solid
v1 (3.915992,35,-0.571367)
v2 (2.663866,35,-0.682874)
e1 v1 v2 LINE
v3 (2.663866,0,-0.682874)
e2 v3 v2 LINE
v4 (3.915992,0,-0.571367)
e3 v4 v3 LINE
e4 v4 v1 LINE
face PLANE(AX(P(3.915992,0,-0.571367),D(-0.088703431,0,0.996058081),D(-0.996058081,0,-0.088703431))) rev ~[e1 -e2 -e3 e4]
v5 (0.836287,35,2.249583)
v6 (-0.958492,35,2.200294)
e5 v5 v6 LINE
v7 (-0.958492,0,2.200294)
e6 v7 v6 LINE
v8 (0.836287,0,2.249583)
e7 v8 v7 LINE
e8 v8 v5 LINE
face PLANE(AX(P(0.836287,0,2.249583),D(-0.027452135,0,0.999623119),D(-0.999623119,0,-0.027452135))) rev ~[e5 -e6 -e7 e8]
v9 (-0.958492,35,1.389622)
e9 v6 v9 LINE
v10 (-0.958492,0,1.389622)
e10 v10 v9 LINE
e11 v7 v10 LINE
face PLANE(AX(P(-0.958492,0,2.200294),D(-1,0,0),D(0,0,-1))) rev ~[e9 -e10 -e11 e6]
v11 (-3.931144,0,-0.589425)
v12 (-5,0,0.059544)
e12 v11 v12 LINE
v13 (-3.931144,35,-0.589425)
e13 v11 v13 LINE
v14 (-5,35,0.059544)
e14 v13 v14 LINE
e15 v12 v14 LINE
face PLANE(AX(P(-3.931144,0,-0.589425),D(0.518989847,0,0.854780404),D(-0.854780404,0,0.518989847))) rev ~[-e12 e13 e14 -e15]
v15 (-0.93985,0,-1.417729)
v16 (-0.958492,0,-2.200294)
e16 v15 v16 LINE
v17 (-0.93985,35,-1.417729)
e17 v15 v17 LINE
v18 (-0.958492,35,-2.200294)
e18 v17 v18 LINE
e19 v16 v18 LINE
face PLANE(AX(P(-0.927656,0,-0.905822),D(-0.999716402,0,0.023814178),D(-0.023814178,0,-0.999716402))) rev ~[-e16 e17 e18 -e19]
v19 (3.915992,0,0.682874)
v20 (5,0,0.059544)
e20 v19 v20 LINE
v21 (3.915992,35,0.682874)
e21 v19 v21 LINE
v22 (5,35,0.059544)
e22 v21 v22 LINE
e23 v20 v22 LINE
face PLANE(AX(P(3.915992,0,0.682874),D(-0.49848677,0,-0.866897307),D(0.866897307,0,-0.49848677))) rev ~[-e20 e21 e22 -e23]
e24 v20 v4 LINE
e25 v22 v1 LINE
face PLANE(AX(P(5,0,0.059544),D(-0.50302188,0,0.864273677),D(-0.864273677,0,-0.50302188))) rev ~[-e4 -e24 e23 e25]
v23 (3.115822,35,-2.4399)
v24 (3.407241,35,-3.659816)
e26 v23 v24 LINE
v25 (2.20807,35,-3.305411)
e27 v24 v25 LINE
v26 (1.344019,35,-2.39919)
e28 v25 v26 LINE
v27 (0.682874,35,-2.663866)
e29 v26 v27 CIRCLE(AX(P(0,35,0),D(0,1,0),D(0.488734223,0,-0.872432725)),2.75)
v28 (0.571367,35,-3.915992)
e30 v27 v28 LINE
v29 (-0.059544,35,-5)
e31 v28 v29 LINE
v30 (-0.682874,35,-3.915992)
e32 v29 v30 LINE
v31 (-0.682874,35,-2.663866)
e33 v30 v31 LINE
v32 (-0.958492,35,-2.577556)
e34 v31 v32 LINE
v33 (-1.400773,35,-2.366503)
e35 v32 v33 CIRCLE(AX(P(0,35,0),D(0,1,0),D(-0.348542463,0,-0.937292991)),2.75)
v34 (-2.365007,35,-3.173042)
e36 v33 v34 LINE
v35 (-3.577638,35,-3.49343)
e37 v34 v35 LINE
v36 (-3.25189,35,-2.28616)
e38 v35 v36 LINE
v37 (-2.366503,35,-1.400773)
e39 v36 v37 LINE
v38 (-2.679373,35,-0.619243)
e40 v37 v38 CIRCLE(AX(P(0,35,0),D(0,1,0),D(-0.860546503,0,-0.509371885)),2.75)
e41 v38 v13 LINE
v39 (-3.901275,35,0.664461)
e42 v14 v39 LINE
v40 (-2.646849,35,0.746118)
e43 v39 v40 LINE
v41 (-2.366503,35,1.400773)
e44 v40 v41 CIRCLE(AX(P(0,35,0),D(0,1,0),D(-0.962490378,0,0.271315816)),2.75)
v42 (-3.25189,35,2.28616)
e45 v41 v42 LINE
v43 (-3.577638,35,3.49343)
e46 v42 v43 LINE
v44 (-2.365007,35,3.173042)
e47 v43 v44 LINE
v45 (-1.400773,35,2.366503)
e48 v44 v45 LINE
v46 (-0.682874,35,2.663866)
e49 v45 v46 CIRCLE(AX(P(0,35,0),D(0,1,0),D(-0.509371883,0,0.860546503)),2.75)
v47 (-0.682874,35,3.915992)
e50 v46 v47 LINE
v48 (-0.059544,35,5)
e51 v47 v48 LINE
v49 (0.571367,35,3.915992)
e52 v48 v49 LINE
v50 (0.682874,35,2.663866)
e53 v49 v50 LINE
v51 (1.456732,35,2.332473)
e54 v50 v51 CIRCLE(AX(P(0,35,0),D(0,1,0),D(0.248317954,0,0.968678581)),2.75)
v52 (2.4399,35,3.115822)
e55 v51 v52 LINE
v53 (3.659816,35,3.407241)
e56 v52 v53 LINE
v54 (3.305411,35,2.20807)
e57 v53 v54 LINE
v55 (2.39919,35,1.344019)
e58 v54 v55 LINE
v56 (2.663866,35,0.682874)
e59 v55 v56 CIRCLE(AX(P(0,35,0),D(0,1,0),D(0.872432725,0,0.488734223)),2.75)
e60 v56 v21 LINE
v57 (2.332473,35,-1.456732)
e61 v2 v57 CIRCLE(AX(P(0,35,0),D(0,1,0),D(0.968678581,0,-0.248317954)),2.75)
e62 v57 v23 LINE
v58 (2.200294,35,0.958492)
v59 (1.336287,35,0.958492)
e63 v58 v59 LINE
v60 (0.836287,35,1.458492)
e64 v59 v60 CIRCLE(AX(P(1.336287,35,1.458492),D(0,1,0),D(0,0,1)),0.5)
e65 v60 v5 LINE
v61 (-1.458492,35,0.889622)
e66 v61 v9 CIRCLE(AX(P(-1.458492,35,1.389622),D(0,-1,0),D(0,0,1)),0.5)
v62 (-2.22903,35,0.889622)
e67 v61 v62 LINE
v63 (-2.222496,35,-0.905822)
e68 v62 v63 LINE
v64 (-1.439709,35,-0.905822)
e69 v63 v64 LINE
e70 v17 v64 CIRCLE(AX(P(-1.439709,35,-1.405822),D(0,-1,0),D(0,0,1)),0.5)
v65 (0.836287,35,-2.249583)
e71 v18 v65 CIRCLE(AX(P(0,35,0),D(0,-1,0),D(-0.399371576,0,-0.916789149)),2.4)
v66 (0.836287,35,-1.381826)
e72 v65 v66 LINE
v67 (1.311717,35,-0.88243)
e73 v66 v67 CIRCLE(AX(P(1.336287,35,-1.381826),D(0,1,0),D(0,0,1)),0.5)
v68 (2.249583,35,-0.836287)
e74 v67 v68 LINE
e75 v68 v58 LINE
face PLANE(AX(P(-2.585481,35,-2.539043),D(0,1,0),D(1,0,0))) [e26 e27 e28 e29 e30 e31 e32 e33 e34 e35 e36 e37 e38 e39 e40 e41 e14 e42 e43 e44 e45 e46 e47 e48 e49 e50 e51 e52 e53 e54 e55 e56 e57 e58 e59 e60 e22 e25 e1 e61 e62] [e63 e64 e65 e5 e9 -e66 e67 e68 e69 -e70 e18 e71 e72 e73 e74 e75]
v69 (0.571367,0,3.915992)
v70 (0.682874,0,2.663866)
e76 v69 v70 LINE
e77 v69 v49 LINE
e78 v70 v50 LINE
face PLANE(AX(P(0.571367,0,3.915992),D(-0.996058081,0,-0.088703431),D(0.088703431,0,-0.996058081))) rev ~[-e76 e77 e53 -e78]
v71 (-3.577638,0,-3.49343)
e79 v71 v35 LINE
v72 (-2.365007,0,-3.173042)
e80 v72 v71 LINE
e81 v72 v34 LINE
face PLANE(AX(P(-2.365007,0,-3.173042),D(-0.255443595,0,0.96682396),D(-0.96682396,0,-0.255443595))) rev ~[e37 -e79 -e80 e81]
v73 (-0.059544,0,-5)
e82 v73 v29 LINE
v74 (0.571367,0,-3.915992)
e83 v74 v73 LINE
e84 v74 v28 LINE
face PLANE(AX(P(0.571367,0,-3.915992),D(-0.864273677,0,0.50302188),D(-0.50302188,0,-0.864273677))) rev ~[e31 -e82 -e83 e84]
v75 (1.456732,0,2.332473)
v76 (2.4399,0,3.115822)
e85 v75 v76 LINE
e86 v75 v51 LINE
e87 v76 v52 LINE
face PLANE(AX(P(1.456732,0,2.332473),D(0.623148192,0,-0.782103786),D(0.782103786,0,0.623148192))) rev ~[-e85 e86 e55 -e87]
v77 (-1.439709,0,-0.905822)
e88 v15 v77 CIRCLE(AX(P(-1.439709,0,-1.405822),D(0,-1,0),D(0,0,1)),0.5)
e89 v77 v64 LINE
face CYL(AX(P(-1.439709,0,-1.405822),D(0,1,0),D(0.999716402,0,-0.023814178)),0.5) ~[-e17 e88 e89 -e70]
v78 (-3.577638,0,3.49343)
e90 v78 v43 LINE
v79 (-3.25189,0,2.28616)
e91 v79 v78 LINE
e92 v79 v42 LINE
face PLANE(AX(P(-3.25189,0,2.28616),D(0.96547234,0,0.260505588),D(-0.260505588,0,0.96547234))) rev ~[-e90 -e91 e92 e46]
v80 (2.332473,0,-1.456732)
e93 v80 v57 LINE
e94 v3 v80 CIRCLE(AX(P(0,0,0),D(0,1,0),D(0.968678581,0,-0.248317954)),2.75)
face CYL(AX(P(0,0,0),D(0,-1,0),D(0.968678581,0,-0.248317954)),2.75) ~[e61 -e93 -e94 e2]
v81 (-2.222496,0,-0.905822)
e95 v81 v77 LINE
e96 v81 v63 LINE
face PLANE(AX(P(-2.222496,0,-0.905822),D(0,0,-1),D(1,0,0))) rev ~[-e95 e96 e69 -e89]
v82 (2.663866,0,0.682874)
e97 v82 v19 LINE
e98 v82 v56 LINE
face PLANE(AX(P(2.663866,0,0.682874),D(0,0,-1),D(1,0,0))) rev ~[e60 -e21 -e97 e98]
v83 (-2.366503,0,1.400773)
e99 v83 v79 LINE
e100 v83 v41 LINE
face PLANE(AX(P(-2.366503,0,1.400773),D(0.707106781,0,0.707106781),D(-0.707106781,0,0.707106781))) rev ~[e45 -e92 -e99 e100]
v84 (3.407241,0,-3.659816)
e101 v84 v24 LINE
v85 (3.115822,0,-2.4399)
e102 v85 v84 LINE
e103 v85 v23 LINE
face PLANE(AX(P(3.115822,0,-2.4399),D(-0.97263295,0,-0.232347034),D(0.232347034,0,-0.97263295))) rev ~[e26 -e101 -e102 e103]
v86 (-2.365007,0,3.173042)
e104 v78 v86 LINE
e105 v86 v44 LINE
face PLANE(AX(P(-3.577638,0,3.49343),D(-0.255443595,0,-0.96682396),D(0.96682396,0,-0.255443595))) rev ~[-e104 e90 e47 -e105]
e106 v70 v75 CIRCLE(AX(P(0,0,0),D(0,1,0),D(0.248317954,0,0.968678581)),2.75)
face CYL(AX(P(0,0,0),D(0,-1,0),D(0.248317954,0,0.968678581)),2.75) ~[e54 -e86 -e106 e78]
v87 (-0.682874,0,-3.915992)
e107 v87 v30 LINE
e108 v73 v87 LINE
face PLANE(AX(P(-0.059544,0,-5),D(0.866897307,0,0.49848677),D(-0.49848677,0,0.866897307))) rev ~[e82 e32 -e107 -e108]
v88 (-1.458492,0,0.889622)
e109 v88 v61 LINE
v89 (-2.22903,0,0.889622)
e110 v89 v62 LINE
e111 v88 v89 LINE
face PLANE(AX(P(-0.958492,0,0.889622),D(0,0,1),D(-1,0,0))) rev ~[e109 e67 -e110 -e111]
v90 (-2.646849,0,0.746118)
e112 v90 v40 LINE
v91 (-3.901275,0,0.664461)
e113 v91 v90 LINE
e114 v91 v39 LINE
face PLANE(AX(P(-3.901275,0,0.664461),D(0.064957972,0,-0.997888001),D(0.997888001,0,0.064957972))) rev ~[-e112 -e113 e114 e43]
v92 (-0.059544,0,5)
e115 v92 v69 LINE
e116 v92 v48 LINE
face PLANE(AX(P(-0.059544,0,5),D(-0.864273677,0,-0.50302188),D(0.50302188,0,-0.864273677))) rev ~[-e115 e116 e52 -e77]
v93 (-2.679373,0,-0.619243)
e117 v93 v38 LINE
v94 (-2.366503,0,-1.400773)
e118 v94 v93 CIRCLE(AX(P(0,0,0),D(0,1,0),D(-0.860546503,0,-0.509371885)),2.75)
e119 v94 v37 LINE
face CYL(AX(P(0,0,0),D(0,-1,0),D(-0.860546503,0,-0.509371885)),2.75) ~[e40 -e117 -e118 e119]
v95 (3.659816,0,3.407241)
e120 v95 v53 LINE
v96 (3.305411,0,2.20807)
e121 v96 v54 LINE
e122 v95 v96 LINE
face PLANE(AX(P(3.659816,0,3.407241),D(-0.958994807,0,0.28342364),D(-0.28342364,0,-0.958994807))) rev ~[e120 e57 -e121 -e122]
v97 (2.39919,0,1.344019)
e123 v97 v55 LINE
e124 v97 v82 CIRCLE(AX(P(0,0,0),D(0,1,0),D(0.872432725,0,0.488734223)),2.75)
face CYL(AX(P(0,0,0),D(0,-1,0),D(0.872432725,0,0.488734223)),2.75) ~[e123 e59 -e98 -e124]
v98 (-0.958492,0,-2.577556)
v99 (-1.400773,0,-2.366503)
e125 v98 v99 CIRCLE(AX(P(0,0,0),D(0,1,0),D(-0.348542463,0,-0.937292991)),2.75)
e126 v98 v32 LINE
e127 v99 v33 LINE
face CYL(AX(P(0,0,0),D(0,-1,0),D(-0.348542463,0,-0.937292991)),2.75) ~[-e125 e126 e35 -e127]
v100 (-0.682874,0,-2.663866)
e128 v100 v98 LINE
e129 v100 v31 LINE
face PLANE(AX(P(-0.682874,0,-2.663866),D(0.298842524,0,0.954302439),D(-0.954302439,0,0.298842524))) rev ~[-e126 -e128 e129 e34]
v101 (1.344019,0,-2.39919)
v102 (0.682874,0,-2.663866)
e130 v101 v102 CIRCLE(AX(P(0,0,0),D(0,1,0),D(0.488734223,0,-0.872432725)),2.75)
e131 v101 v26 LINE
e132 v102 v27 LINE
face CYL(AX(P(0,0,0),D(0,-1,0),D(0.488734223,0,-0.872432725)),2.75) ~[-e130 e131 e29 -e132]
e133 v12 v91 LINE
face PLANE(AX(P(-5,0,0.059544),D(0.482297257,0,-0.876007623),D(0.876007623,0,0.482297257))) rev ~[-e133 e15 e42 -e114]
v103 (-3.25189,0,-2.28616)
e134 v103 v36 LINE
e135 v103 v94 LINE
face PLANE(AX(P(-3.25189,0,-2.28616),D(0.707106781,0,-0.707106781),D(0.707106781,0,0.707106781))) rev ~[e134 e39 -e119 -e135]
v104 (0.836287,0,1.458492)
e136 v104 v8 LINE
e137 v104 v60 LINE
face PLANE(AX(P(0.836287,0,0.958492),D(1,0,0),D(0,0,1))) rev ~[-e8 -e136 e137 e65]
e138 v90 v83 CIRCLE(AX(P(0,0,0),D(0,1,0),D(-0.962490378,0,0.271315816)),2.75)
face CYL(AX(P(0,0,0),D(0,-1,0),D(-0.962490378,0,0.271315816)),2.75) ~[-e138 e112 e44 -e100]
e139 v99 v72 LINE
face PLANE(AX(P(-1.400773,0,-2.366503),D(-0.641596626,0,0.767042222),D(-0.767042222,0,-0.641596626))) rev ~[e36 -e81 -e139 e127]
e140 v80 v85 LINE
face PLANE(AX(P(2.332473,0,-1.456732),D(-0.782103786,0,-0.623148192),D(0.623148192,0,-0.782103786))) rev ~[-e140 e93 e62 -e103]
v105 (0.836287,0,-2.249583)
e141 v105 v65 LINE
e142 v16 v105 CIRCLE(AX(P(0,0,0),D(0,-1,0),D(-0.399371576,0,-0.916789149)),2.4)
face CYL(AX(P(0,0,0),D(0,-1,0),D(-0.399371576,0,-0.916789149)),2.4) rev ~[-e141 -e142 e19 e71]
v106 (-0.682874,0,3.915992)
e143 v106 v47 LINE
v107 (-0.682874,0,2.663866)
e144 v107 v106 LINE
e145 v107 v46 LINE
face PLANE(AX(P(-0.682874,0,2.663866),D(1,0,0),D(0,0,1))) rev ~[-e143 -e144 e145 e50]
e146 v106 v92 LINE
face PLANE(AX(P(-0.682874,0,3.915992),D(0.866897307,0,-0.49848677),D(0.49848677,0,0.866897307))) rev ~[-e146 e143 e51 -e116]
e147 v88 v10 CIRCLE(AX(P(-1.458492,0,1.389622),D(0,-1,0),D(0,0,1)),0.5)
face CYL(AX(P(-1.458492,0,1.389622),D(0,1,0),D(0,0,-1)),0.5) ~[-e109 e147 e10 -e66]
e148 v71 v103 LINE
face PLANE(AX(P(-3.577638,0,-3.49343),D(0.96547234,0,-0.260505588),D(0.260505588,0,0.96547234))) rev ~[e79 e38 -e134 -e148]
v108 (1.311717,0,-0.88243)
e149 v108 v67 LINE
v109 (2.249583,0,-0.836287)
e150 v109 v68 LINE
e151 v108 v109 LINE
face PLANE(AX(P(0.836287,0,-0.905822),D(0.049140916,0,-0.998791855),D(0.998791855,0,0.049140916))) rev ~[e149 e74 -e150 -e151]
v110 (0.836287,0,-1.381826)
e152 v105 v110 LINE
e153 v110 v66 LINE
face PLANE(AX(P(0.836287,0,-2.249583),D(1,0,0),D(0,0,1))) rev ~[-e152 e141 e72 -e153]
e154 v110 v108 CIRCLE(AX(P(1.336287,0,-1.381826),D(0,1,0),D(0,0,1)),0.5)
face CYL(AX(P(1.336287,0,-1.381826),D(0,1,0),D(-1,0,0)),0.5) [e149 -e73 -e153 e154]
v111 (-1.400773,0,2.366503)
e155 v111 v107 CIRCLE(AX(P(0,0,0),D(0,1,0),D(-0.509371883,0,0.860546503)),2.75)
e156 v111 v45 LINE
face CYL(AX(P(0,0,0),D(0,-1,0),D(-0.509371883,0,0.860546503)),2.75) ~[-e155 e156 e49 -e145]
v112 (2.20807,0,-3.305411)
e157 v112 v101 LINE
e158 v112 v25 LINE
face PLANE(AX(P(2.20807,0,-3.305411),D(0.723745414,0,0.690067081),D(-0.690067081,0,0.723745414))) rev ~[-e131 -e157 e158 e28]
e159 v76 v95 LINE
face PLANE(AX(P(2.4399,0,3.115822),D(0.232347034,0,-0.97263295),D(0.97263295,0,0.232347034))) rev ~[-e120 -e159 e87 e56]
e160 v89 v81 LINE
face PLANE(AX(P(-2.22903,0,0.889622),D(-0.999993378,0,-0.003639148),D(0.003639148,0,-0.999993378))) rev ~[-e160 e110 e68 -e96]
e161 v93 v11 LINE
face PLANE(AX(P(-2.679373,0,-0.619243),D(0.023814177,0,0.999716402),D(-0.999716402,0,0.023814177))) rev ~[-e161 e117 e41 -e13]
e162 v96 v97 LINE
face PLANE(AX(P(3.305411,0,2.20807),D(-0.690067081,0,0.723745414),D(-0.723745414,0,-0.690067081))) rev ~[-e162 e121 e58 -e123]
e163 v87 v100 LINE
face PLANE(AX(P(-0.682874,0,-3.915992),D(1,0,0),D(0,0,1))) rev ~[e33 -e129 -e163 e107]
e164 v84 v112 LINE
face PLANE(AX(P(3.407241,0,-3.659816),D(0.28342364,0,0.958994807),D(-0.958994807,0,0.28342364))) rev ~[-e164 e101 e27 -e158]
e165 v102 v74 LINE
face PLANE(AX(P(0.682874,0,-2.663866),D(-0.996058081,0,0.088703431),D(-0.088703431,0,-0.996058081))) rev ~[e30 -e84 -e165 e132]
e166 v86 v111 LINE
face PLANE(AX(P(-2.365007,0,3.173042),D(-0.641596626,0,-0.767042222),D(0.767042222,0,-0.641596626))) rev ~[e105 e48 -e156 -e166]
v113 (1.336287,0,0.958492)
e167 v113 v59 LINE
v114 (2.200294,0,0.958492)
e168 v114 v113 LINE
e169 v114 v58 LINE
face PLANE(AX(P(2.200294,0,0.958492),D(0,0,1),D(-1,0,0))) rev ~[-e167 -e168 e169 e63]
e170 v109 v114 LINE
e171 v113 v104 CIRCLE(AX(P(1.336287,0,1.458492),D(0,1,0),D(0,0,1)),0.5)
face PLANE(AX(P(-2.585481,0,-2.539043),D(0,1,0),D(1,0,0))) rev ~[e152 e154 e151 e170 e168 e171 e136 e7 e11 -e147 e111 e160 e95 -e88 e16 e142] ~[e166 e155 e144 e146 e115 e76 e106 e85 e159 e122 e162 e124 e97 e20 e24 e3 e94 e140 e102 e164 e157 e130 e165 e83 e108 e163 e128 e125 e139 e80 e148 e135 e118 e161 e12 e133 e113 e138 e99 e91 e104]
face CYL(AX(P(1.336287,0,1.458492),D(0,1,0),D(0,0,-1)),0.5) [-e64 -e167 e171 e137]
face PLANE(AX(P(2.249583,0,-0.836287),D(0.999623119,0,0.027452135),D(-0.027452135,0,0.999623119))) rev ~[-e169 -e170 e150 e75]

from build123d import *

# Parameters (mm, degrees)
BOSS_EXTRUDE2_DEPTH = 35
FILLET1_R           = 0.5


with BuildPart() as part:
    # Sketch1 → Boss-Extrude2 (new body)
    # profile 1 of 16: a face of its own
    with BuildSketch(Plane(origin=(0, 0, 0), x_dir=(1, 0, 0), z_dir=(0, 1, 0))):
        with BuildLine():
            Line((-0.682874368, 2.6638661), (-0.958491781, 2.577555723))
            ThreePointArc((-0.958491781, 2.577555723), (-1.18434287, 2.481900878), (-1.400772687, 2.36650288))
            ThreePointArc((-1.400772687, 2.36650288), (-1.944543648, 1.944543648), (-2.36650288, 1.400772687))
            ThreePointArc((-2.36650288, 1.400772687), (-2.55302024, 1.02205071), (-2.679372725, 0.619242926))
            ThreePointArc((-2.679372725, 0.619242926), (-2.749220106, -0.065488988), (-2.646848542, -0.746118487))
            ThreePointArc((-2.646848542, -0.746118487), (-2.527956912, -1.082558936), (-2.36650288, -1.400772687))
            ThreePointArc((-2.36650288, -1.400772687), (-1.944543648, -1.944543648), (-1.400772687, -2.36650288))
            ThreePointArc((-1.400772687, -2.36650288), (-1.052379439, -2.540668714), (-0.682874368, -2.6638661))
            ThreePointArc((-0.682874368, -2.6638661), (0, -2.75), (0.682874368, -2.6638661))
            ThreePointArc((0.682874368, -2.6638661), (1.082558936, -2.527956912), (1.456731751, -2.332473495))
            ThreePointArc((1.456731751, -2.332473495), (1.990299888, -1.897684472), (2.399189994, -1.344019111))
            ThreePointArc((2.399189994, -1.344019111), (2.55302024, -1.02205071), (2.6638661, -0.682874368))
            ThreePointArc((2.6638661, -0.682874368), (2.728381551, -0.344142576), (2.75, 0))
            ThreePointArc((2.75, 0), (2.728381551, 0.344142576), (2.6638661, 0.682874368))
            ThreePointArc((2.6638661, 0.682874368), (2.527956912, 1.082558936), (2.332473495, 1.456731751))
            ThreePointArc((2.332473495, 1.456731751), (1.897684472, 1.990299888), (1.344019111, 2.399189994))
            ThreePointArc((1.344019111, 2.399189994), (1.02205071, 2.55302024), (0.682874368, 2.6638661))
            ThreePointArc((0.682874368, 2.6638661), (0, 2.75), (-0.682874368, 2.6638661))
        make_face()
        with BuildLine():
            ThreePointArc((-0.958491781, 2.200293959), (-0.065885125, 2.399095486), (0.836287098, 2.249583048))
            ThreePointArc((0.836287098, 2.249583048), (1.697056275, 1.697056275), (2.249583048, 0.836287098))
            ThreePointArc((2.249583048, 0.836287098), (2.362096454, 0.424853319), (2.4, 0))
            ThreePointArc((2.4, 0), (2.349543094, -0.489537791), (2.200293959, -0.958491781))
            ThreePointArc((2.200293959, -0.958491781), (1.649828868, -1.743004505), (0.836287098, -2.249583048))
            ThreePointArc((0.836287098, -2.249583048), (-0.065885125, -2.399095486), (-0.958491781, -2.200293959))
            ThreePointArc((-0.958491781, -2.200293959), (-1.723234871, -1.670467473), (-2.229029582, -0.889621899))
            ThreePointArc((-2.229029582, -0.889621899), (-2.399984108, 0.008733954), (-2.222495654, 0.905821764))
            ThreePointArc((-2.222495654, 0.905821764), (-1.717144383, 1.676727518), (-0.958491781, 2.200293959))
        make_face(mode=Mode.SUBTRACT)
    # profile 2 of 16: a face of its own
    with BuildSketch(Plane(origin=(0, 0, 0), x_dir=(1, 0, 0), z_dir=(0, 1, 0))):
        with BuildLine():
            Line((-0.927656245, 0.905821764), (-0.958491781, 2.200293959))
            ThreePointArc((-0.958491781, 2.200293959), (-1.717144383, 1.676727518), (-2.222495654, 0.905821764))
            Line((-2.222495654, 0.905821764), (-0.927656245, 0.905821764))
        make_face()
    # profile 3 of 16: a face of its own
    with BuildSketch(Plane(origin=(0, 0, 0), x_dir=(1, 0, 0), z_dir=(0, 1, 0))):
        with BuildLine():
            Line((-2.229029582, -0.889621899), (-2.222495654, 0.905821764))
            ThreePointArc((-2.222495654, 0.905821764), (-2.399984108, 0.008733954), (-2.229029582, -0.889621899))
        make_face()
    # profile 4 of 16: a face of its own
    with BuildSketch(Plane(origin=(0, 0, 0), x_dir=(1, 0, 0), z_dir=(0, 1, 0))):
        with BuildLine():
            Line((-0.958491781, -0.889621899), (-2.229029582, -0.889621899))
            ThreePointArc((-2.229029582, -0.889621899), (-1.723234871, -1.670467473), (-0.958491781, -2.200293959))
            Line((-0.958491781, -2.200293959), (-0.958491781, -0.889621899))
        make_face()
    # profile 5 of 16: a face of its own
    with BuildSketch(Plane(origin=(0, 0, 0), x_dir=(1, 0, 0), z_dir=(0, 1, 0))):
        with BuildLine():
            ThreePointArc((-0.958491781, -2.200293959), (-0.065885125, -2.399095486), (0.836287098, -2.249583048))
            Line((0.836287098, -2.249583048), (-0.958491781, -2.200293959))
        make_face()
    # profile 6 of 16: a face of its own
    with BuildSketch(Plane(origin=(0, 0, 0), x_dir=(1, 0, 0), z_dir=(0, 1, 0))):
        with BuildLine():
            ThreePointArc((0.836287098, -2.249583048), (1.649828868, -1.743004505), (2.200293959, -0.958491781))
            Line((2.200293959, -0.958491781), (0.836287098, -0.958491781))
            Line((0.836287098, -0.958491781), (0.836287098, -2.249583048))
        make_face()
    # profile 7 of 16: a face of its own
    with BuildSketch(Plane(origin=(0, 0, 0), x_dir=(1, 0, 0), z_dir=(0, 1, 0))):
        with BuildLine():
            ThreePointArc((2.4, 0), (2.362096454, 0.424853319), (2.249583048, 0.836287098))
            Line((2.249583048, 0.836287098), (2.200293959, -0.958491781))
            ThreePointArc((2.200293959, -0.958491781), (2.349543094, -0.489537791), (2.4, 0))
        make_face()
    # profile 8 of 16: a face of its own
    with BuildSketch(Plane(origin=(0, 0, 0), x_dir=(1, 0, 0), z_dir=(0, 1, 0))):
        with BuildLine():
            ThreePointArc((2.249583048, 0.836287098), (1.697056275, 1.697056275), (0.836287098, 2.249583048))
            Line((0.836287098, 2.249583048), (0.836287098, 0.905821764))
            Line((0.836287098, 0.905821764), (2.249583048, 0.836287098))
        make_face()
    # profile 9 of 16: a face of its own
    with BuildSketch(Plane(origin=(0, 0, 0), x_dir=(1, 0, 0), z_dir=(0, 1, 0))):
        with BuildLine():
            ThreePointArc((-2.646848542, -0.746118487), (-2.749220106, -0.065488988), (-2.679372725, 0.619242926))
            Line((-2.679372725, 0.619242926), (-3.931143789, 0.589424572))
            Line((-3.931143789, 0.589424572), (-5, -0.059543887))
            Line((-5, -0.059543887), (-3.901275064, -0.664461024))
            Line((-3.901275064, -0.664461024), (-2.646848542, -0.746118487))
        make_face()
    # profile 10 of 16: a face of its own
    with BuildSketch(Plane(origin=(0, 0, 0), x_dir=(1, 0, 0), z_dir=(0, 1, 0))):
        with BuildLine():
            ThreePointArc((-1.400772687, -2.36650288), (-1.944543648, -1.944543648), (-2.36650288, -1.400772687))
            Line((-2.36650288, -1.400772687), (-3.251889781, -2.286159588))
            Line((-3.251889781, -2.286159588), (-3.577637792, -3.49343002))
            Line((-3.577637792, -3.49343002), (-2.365007256, -3.173042114))
            Line((-2.365007256, -3.173042114), (-1.400772687, -2.36650288))
        make_face()
    # profile 11 of 16: a face of its own
    with BuildSketch(Plane(origin=(0, 0, 0), x_dir=(1, 0, 0), z_dir=(0, 1, 0))):
        with BuildLine():
            ThreePointArc((0.682874368, -2.6638661), (0, -2.75), (-0.682874368, -2.6638661))
            Line((-0.682874368, -2.6638661), (-0.682874368, -3.915992264))
            Line((-0.682874368, -3.915992264), (-0.059543887, -5))
            Line((-0.059543887, -5), (0.571366928, -3.915992264))
            Line((0.571366928, -3.915992264), (0.682874368, -2.6638661))
        make_face()
    # profile 12 of 16: a face of its own
    with BuildSketch(Plane(origin=(0, 0, 0), x_dir=(1, 0, 0), z_dir=(0, 1, 0))):
        with BuildLine():
            Line((3.305410563, -2.208070158), (2.399189994, -1.344019111))
            ThreePointArc((2.399189994, -1.344019111), (1.990299888, -1.897684472), (1.456731751, -2.332473495))
            Line((1.456731751, -2.332473495), (2.439899933, -3.115821544))
            Line((2.439899933, -3.115821544), (3.659816345, -3.407240789))
            Line((3.659816345, -3.407240789), (3.305410563, -2.208070158))
        make_face()
    # profile 13 of 16: a face of its own
    with BuildSketch(Plane(origin=(0, 0, 0), x_dir=(1, 0, 0), z_dir=(0, 1, 0))):
        with BuildLine():
            Line((3.915992264, 0.571366928), (2.6638661, 0.682874368))
            ThreePointArc((2.6638661, 0.682874368), (2.728381551, 0.344142576), (2.75, 0))
            ThreePointArc((2.75, 0), (2.728381551, -0.344142576), (2.6638661, -0.682874368))
            Line((2.6638661, -0.682874368), (3.915992264, -0.682874368))
            Line((3.915992264, -0.682874368), (5, -0.059543887))
            Line((5, -0.059543887), (3.915992264, 0.571366928))
        make_face()
    # profile 14 of 16: a face of its own
    with BuildSketch(Plane(origin=(0, 0, 0), x_dir=(1, 0, 0), z_dir=(0, 1, 0))):
        with BuildLine():
            Line((2.208070158, 3.305410563), (1.344019111, 2.399189994))
            ThreePointArc((1.344019111, 2.399189994), (1.897684472, 1.990299888), (2.332473495, 1.456731751))
            Line((2.332473495, 1.456731751), (3.115821544, 2.439899933))
            Line((3.115821544, 2.439899933), (3.407240789, 3.659816345))
            Line((3.407240789, 3.659816345), (2.208070158, 3.305410563))
        make_face()
    # profile 15 of 16: a face of its own
    with BuildSketch(Plane(origin=(0, 0, 0), x_dir=(1, 0, 0), z_dir=(0, 1, 0))):
        with BuildLine():
            Line((-0.682874368, 3.915992264), (-0.682874368, 2.6638661))
            ThreePointArc((-0.682874368, 2.6638661), (0, 2.75), (0.682874368, 2.6638661))
            Line((0.682874368, 2.6638661), (0.571366928, 3.915992264))
            Line((0.571366928, 3.915992264), (-0.059543887, 5))
            Line((-0.059543887, 5), (-0.682874368, 3.915992264))
        make_face()
    # profile 16 of 16: a face of its own
    with BuildSketch(Plane(origin=(0, 0, 0), x_dir=(1, 0, 0), z_dir=(0, 1, 0))):
        with BuildLine():
            ThreePointArc((-2.36650288, 1.400772687), (-1.944543648, 1.944543648), (-1.400772687, 2.36650288))
            Line((-1.400772687, 2.36650288), (-2.365007256, 3.173042114))
            Line((-2.365007256, 3.173042114), (-3.577637792, 3.49343002))
            Line((-3.577637792, 3.49343002), (-3.251889781, 2.286159588))
            Line((-3.251889781, 2.286159588), (-2.36650288, 1.400772687))
        make_face()
    extrude(amount=BOSS_EXTRUDE2_DEPTH)

    # Fillet1
    fillet1_edges = [part.edges().sort_by_distance(p)[0] for p in [
        (0.836287098, 17.5, -0.905821764),
        (-0.927656245, 17.5, -0.905821764),
        (-0.958491781, 17.5, 0.889621899),
        (0.836287098, 17.5, 0.958491781),
    ]]
    fillet(fillet1_edges, radius=FILLET1_R)


solid = part.part
